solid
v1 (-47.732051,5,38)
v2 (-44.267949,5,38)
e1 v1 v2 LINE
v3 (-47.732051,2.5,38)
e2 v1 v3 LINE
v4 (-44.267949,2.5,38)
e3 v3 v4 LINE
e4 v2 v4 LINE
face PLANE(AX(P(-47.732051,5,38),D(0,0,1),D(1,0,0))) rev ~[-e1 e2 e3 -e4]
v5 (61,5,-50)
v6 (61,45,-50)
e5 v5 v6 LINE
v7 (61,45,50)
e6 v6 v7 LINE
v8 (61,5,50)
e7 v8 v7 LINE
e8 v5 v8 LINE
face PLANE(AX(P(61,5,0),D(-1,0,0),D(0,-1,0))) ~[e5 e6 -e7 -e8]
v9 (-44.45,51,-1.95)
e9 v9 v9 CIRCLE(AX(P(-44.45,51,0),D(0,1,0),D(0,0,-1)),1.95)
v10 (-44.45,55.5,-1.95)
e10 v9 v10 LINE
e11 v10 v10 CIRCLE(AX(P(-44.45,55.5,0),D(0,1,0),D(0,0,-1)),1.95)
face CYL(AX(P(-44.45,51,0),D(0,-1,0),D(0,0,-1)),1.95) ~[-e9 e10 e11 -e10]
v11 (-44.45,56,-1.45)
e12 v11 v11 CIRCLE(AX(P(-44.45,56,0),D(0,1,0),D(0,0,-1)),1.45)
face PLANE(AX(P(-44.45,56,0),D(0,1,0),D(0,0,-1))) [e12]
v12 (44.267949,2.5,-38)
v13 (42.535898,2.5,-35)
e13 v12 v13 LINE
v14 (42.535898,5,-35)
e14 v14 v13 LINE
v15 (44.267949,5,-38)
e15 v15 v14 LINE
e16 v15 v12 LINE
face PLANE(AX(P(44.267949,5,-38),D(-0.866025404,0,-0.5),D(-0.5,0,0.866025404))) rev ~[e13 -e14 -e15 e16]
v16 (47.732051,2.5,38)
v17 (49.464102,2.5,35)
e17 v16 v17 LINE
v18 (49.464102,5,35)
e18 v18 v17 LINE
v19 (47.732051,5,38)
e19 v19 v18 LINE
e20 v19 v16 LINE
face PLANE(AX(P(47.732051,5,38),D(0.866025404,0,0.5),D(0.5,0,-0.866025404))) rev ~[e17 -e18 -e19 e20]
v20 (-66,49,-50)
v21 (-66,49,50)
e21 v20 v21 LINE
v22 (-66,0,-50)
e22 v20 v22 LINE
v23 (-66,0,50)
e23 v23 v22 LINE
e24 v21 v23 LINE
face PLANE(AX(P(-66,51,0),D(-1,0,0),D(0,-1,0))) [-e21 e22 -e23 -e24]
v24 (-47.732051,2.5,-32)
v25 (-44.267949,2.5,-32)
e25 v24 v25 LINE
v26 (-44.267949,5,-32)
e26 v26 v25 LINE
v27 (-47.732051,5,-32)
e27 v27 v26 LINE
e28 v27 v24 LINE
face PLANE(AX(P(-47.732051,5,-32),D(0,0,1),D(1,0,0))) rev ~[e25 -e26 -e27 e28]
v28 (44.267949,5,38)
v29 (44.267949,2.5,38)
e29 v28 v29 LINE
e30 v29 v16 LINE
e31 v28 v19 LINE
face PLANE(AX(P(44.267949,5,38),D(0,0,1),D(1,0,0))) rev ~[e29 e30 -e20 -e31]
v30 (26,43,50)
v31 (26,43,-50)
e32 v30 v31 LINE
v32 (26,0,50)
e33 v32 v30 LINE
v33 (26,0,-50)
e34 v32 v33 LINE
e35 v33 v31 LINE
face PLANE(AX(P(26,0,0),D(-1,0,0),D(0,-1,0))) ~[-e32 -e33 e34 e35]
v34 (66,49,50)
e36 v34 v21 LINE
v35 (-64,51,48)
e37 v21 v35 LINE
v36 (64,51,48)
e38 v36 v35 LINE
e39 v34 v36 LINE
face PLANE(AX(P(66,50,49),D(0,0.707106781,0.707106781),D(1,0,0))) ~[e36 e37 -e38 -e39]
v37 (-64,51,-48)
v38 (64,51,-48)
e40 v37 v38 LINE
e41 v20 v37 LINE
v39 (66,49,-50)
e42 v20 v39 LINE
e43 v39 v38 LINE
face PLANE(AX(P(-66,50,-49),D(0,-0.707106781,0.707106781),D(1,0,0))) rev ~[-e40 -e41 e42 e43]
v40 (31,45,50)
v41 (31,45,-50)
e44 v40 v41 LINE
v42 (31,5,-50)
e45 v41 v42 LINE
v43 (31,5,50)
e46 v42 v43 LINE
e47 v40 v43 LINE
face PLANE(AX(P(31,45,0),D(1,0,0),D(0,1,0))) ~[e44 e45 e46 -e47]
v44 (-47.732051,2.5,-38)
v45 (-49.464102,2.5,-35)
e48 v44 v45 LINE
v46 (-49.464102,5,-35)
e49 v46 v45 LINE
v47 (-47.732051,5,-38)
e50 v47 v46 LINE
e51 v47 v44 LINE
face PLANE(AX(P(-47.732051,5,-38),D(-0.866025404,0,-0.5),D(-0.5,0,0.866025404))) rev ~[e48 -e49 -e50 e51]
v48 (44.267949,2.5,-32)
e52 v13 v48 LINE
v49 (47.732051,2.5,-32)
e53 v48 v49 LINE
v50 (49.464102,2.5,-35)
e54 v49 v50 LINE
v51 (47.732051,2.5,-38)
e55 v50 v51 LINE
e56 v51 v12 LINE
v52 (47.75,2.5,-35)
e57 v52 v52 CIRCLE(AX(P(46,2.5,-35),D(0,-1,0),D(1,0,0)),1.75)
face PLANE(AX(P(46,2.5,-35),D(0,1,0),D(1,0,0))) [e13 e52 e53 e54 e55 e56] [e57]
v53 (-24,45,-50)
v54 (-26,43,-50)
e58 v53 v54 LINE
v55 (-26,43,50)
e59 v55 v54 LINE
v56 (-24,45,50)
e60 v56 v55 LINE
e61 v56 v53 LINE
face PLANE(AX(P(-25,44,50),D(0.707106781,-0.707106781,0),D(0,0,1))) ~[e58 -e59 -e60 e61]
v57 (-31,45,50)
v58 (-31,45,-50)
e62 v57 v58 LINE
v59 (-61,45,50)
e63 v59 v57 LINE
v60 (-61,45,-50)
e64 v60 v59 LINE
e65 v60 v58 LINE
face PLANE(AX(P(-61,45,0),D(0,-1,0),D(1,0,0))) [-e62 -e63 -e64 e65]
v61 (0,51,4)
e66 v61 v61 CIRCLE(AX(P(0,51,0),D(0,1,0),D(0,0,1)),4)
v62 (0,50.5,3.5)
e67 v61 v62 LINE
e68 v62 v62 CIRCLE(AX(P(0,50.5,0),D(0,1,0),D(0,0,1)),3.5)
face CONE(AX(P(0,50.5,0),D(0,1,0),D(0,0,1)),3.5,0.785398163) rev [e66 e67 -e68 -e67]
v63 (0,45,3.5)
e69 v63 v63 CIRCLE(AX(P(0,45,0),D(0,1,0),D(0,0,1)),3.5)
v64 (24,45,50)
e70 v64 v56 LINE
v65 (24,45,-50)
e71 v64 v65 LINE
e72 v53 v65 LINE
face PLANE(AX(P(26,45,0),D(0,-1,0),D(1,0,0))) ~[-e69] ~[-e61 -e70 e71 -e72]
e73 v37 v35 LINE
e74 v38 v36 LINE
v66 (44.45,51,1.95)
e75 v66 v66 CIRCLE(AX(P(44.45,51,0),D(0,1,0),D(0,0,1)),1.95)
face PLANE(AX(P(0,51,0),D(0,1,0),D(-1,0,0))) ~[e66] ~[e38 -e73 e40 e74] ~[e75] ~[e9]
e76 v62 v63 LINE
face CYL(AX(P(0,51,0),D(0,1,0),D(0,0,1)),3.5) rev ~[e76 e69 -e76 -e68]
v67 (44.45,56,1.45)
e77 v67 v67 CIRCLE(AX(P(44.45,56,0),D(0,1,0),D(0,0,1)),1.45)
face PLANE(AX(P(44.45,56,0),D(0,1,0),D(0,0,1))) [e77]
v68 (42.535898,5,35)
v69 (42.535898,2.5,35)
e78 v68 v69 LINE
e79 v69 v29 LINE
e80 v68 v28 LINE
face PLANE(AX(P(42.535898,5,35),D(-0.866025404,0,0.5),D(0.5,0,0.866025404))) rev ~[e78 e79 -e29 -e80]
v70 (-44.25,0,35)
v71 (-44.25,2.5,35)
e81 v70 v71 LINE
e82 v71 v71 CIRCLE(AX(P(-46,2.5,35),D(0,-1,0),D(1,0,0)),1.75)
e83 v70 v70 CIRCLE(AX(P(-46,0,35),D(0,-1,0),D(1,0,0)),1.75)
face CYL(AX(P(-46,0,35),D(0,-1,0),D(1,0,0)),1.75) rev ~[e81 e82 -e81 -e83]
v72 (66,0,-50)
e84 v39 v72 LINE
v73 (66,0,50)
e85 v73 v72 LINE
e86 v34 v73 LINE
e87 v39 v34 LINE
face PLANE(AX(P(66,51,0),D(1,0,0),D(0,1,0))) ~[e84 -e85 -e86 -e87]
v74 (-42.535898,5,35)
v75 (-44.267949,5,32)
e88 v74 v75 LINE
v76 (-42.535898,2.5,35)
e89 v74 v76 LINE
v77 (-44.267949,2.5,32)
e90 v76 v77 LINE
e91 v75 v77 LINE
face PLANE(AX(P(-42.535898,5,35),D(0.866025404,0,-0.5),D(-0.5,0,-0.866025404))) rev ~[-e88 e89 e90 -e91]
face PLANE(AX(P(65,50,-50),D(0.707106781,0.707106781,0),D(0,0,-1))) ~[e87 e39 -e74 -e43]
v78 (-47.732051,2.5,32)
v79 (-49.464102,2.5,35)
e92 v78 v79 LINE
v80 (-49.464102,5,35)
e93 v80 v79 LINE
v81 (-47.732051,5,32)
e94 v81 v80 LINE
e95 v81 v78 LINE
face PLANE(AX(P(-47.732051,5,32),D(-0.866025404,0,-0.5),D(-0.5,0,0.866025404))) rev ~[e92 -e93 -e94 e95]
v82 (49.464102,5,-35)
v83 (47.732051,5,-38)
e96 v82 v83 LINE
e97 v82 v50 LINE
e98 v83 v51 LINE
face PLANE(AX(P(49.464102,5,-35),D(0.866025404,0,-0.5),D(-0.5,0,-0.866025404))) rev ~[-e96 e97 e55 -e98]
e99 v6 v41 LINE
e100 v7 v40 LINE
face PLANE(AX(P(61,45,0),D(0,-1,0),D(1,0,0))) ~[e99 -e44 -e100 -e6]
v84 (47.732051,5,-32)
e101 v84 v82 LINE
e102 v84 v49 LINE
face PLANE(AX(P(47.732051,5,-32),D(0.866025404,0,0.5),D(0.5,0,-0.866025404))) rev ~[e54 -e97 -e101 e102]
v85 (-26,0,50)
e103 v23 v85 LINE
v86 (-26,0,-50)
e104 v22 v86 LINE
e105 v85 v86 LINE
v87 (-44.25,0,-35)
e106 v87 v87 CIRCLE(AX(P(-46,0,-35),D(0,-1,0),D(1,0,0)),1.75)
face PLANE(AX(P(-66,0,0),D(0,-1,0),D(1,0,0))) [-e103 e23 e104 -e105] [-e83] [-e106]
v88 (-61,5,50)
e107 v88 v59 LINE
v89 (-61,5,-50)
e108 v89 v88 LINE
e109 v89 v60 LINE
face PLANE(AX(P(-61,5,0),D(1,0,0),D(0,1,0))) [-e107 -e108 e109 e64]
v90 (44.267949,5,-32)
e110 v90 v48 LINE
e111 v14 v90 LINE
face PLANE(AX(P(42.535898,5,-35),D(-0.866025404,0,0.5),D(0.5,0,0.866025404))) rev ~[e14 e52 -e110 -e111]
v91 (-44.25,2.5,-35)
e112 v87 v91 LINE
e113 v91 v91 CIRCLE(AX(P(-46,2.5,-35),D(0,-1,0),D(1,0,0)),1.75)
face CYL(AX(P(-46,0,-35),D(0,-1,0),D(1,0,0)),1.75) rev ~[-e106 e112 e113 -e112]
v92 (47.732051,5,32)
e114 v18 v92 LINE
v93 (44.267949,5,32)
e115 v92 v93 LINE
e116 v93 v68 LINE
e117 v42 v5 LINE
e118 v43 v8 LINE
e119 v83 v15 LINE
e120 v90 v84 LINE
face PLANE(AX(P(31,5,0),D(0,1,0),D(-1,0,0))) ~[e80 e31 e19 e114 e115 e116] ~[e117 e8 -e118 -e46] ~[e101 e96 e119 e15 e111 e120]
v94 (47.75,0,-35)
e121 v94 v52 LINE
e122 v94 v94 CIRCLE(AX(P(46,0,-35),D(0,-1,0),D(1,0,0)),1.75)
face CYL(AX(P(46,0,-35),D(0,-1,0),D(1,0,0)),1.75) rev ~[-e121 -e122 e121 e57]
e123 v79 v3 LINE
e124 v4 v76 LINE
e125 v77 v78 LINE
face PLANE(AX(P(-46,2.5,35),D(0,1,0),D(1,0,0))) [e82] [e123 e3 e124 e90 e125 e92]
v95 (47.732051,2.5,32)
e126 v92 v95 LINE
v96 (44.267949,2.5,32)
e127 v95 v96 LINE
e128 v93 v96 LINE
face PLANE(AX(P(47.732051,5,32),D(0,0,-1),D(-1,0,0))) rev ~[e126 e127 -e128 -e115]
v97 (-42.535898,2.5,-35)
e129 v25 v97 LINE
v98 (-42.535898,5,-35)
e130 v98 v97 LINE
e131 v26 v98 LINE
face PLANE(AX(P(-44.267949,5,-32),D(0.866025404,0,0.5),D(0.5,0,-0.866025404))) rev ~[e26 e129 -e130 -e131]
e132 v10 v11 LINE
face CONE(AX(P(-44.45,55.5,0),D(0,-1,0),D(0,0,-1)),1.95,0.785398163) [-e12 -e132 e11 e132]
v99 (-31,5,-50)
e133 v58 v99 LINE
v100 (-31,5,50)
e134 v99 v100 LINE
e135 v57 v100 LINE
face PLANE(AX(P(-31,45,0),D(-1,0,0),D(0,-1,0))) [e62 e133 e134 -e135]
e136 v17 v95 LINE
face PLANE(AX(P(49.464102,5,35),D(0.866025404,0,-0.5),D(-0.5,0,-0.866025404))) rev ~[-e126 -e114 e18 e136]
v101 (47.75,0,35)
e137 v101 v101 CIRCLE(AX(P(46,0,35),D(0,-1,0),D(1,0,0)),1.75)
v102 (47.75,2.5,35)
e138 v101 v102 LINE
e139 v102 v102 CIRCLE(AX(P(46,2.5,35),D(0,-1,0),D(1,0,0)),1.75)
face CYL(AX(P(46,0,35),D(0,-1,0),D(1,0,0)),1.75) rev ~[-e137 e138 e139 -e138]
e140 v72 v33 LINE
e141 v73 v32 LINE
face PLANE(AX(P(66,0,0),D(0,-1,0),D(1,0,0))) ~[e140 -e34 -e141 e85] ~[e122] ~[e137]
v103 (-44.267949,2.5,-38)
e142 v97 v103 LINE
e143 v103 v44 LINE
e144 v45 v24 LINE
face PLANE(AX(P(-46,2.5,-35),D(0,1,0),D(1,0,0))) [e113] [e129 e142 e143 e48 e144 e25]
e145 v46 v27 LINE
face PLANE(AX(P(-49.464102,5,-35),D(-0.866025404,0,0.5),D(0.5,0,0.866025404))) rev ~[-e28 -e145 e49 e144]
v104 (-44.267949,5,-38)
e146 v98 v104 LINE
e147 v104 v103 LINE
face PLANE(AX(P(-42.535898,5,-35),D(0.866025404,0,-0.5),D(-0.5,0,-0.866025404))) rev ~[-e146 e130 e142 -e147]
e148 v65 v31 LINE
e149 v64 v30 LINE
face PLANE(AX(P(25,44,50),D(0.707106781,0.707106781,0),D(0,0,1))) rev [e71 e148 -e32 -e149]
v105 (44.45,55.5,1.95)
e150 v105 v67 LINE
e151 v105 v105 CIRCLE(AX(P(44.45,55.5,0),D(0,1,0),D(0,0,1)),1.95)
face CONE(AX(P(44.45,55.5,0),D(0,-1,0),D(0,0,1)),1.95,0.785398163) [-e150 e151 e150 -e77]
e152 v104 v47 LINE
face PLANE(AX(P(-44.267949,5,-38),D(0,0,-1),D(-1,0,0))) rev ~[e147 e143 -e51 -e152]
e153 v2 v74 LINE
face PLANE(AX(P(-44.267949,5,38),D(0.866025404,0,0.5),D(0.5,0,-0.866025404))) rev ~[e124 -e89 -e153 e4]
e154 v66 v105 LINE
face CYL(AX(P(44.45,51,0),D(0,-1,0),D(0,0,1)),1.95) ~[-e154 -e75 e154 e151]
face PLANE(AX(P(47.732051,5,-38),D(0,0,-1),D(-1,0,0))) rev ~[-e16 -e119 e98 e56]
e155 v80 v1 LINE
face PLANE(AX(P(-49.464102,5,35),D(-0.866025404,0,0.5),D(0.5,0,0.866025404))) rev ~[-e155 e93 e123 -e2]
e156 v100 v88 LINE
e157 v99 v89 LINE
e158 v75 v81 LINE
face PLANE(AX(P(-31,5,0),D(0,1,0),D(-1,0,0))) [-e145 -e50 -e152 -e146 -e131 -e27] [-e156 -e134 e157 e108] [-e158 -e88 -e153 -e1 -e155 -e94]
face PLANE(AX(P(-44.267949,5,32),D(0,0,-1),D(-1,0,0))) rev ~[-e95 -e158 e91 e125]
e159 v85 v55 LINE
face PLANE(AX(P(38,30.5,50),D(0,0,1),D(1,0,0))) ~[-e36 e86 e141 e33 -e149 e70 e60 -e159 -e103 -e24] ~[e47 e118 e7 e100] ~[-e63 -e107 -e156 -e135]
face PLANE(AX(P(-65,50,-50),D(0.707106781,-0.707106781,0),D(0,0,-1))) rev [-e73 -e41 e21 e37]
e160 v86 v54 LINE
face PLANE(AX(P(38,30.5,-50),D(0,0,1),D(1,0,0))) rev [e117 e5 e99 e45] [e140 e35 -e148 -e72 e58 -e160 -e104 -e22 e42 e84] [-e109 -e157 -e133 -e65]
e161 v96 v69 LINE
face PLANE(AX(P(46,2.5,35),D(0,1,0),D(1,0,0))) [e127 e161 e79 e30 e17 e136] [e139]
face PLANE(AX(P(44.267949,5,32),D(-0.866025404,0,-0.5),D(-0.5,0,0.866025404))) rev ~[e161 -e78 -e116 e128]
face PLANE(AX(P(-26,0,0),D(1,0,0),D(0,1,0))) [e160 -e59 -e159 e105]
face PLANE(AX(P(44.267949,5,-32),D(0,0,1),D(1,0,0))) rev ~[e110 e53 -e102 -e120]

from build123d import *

# Parameters (mm, degrees)
EXTRUDE_1_DEPTH     = 50
SKETCH_2_R          = 3.5
CUT_EXTRUDE_1_DEPTH = 98.247107926
SKETCH_3_R          = 1.95
EXTRUDE_2_DEPTH     = 5
CUT_EXTRUDE_2_REACH = 101.96
SKETCH_4_R          = 1.75
CHAMFER_1_SIZE      = 2
CHAMFER_2_SIZE      = 2
CHAMFER_3_SIZE      = 0.5
CUT_EXTRUDE_3_DEPTH = 2.5


with BuildPart() as part:
    # 草图1 → 凸台-拉伸1 (new, symmetric)
    with BuildSketch(Plane.XY):
        Polygon((-26, 45), (0, 45), (0, 49.079214745), (0, 51), (-60, 51), (-66, 51), (-66, 5), (-66, 0), (-55, 0), (-26, 0), align=None)
        Polygon((-31, 5), (-61, 5), (-61, 45), (-55, 45), (-31, 45), align=None, mode=Mode.SUBTRACT)
    extrude_1 = extrude(amount=EXTRUDE_1_DEPTH, both=True)

    # 镜向1: 凸台-拉伸1 across plane
    add(extrude_1.mirror(Plane(origin=(0, 0, 50), x_dir=(0, 0, 1), z_dir=(1, 0, 0))))

    # 草图2 → 切除-拉伸1 (cut, through all)
    with BuildSketch(Plane(origin=(0, 51, 0), x_dir=(1, 0, 0), z_dir=(0, 1, 0))):
        with Locations(Location((0, 0, 0), (0, 0, 270))):
            Circle(SKETCH_2_R)
    extrude(amount=-CUT_EXTRUDE_1_DEPTH, mode=Mode.SUBTRACT)

    # 草图3 → 凸台-拉伸2 (add)
    with BuildSketch(Plane(origin=(0, 51, 0), x_dir=(1, 0, 0), z_dir=(0, 1, 0))):
        with Locations(Location((44.45, 0, 0), (0, 0, 270))):
            Circle(SKETCH_3_R)
        with Locations(Location((-44.45, 0, 0), (0, 0, 90))):
            Circle(SKETCH_3_R)
    extrude(amount=EXTRUDE_2_DEPTH)

    # 草图4 → 切除-拉伸2 (cut, up to next)
    with BuildSketch(Plane.XZ, mode=Mode.PRIVATE) as cut_extrude_2_sk1:
        with Locations((-46, 35)):
            Circle(SKETCH_4_R)
    cut_extrude_2_tool1 = extrude(cut_extrude_2_sk1.sketch, amount=-CUT_EXTRUDE_2_REACH, mode=Mode.PRIVATE) & part.part
    # 草图4 → 切除-拉伸2 (cut, up to next)
    with BuildSketch(Plane.XZ, mode=Mode.PRIVATE) as cut_extrude_2_sk2:
        with Locations((46, 35)):
            Circle(SKETCH_4_R)
    cut_extrude_2_tool2 = extrude(cut_extrude_2_sk2.sketch, amount=-CUT_EXTRUDE_2_REACH, mode=Mode.PRIVATE) & part.part
    # 草图4 → 切除-拉伸2 (cut, up to next)
    with BuildSketch(Plane.XZ, mode=Mode.PRIVATE) as cut_extrude_2_sk3:
        with Locations((46, -35)):
            Circle(SKETCH_4_R)
    cut_extrude_2_tool3 = extrude(cut_extrude_2_sk3.sketch, amount=-CUT_EXTRUDE_2_REACH, mode=Mode.PRIVATE) & part.part
    # 草图4 → 切除-拉伸2 (cut, up to next)
    with BuildSketch(Plane.XZ, mode=Mode.PRIVATE) as cut_extrude_2_sk4:
        with Locations((-46, -35)):
            Circle(SKETCH_4_R)
    cut_extrude_2_tool4 = extrude(cut_extrude_2_sk4.sketch, amount=-CUT_EXTRUDE_2_REACH, mode=Mode.PRIVATE) & part.part
    add(cut_extrude_2_tool1.solids().sort_by_distance((-46, 0, 35))[0], mode=Mode.SUBTRACT)
    add(cut_extrude_2_tool2.solids().sort_by_distance((46, 0, 35))[0], mode=Mode.SUBTRACT)
    add(cut_extrude_2_tool3.solids().sort_by_distance((46, 0, -35))[0], mode=Mode.SUBTRACT)
    add(cut_extrude_2_tool4.solids().sort_by_distance((-46, 0, -35))[0], mode=Mode.SUBTRACT)

    # 倒角1
    chamfer_1_edges = [part.edges().sort_by_distance(p)[0] for p in [
        (-26, 45, 0),
        (26, 45, 0),
    ]]
    chamfer(chamfer_1_edges, length=CHAMFER_1_SIZE)

    # 倒角2
    chamfer_2_edges = [part.edges().sort_by_distance(p)[0] for p in [
        (0, 51, -50),
        (-66, 51, 0),
        (66, 51, 0),
        (0, 51, 50),
    ]]
    chamfer(chamfer_2_edges, length=CHAMFER_2_SIZE)

    # 倒角3
    chamfer_3_edges = [part.edges().sort_by_distance(p)[0] for p in [
        (0, 51, -3.5),
        (44.45, 56, -1.95),
        (-44.45, 56, 1.95),
    ]]
    chamfer(chamfer_3_edges, length=CHAMFER_3_SIZE)

    # 草图6 → 切除-拉伸3 (cut)
    with BuildSketch(Plane(origin=(0, 5, 0), x_dir=(1, 0, 0), z_dir=(0, 1, 0))):
        Polygon((42.535898385, 35), (44.267949192, 32), (47.732050808, 32), (49.464101615, 35), (47.732050808, 38), (44.267949192, 38), align=None)
        Polygon((-47.732050808, 32), (-44.267949192, 32), (-42.535898385, 35), (-44.267949192, 38), (-47.732050808, 38), (-49.464101615, 35), align=None)
        Polygon((-47.732050808, -38), (-44.267949192, -38), (-42.535898385, -35), (-44.267949192, -32), (-47.732050808, -32), (-49.464101615, -35), align=None)
        Polygon((42.535898385, -35), (44.267949192, -38), (47.732050808, -38), (49.464101615, -35), (47.732050808, -32), (44.267949192, -32), align=None)
    extrude(amount=-CUT_EXTRUDE_3_DEPTH, mode=Mode.SUBTRACT)


solid = part.part
